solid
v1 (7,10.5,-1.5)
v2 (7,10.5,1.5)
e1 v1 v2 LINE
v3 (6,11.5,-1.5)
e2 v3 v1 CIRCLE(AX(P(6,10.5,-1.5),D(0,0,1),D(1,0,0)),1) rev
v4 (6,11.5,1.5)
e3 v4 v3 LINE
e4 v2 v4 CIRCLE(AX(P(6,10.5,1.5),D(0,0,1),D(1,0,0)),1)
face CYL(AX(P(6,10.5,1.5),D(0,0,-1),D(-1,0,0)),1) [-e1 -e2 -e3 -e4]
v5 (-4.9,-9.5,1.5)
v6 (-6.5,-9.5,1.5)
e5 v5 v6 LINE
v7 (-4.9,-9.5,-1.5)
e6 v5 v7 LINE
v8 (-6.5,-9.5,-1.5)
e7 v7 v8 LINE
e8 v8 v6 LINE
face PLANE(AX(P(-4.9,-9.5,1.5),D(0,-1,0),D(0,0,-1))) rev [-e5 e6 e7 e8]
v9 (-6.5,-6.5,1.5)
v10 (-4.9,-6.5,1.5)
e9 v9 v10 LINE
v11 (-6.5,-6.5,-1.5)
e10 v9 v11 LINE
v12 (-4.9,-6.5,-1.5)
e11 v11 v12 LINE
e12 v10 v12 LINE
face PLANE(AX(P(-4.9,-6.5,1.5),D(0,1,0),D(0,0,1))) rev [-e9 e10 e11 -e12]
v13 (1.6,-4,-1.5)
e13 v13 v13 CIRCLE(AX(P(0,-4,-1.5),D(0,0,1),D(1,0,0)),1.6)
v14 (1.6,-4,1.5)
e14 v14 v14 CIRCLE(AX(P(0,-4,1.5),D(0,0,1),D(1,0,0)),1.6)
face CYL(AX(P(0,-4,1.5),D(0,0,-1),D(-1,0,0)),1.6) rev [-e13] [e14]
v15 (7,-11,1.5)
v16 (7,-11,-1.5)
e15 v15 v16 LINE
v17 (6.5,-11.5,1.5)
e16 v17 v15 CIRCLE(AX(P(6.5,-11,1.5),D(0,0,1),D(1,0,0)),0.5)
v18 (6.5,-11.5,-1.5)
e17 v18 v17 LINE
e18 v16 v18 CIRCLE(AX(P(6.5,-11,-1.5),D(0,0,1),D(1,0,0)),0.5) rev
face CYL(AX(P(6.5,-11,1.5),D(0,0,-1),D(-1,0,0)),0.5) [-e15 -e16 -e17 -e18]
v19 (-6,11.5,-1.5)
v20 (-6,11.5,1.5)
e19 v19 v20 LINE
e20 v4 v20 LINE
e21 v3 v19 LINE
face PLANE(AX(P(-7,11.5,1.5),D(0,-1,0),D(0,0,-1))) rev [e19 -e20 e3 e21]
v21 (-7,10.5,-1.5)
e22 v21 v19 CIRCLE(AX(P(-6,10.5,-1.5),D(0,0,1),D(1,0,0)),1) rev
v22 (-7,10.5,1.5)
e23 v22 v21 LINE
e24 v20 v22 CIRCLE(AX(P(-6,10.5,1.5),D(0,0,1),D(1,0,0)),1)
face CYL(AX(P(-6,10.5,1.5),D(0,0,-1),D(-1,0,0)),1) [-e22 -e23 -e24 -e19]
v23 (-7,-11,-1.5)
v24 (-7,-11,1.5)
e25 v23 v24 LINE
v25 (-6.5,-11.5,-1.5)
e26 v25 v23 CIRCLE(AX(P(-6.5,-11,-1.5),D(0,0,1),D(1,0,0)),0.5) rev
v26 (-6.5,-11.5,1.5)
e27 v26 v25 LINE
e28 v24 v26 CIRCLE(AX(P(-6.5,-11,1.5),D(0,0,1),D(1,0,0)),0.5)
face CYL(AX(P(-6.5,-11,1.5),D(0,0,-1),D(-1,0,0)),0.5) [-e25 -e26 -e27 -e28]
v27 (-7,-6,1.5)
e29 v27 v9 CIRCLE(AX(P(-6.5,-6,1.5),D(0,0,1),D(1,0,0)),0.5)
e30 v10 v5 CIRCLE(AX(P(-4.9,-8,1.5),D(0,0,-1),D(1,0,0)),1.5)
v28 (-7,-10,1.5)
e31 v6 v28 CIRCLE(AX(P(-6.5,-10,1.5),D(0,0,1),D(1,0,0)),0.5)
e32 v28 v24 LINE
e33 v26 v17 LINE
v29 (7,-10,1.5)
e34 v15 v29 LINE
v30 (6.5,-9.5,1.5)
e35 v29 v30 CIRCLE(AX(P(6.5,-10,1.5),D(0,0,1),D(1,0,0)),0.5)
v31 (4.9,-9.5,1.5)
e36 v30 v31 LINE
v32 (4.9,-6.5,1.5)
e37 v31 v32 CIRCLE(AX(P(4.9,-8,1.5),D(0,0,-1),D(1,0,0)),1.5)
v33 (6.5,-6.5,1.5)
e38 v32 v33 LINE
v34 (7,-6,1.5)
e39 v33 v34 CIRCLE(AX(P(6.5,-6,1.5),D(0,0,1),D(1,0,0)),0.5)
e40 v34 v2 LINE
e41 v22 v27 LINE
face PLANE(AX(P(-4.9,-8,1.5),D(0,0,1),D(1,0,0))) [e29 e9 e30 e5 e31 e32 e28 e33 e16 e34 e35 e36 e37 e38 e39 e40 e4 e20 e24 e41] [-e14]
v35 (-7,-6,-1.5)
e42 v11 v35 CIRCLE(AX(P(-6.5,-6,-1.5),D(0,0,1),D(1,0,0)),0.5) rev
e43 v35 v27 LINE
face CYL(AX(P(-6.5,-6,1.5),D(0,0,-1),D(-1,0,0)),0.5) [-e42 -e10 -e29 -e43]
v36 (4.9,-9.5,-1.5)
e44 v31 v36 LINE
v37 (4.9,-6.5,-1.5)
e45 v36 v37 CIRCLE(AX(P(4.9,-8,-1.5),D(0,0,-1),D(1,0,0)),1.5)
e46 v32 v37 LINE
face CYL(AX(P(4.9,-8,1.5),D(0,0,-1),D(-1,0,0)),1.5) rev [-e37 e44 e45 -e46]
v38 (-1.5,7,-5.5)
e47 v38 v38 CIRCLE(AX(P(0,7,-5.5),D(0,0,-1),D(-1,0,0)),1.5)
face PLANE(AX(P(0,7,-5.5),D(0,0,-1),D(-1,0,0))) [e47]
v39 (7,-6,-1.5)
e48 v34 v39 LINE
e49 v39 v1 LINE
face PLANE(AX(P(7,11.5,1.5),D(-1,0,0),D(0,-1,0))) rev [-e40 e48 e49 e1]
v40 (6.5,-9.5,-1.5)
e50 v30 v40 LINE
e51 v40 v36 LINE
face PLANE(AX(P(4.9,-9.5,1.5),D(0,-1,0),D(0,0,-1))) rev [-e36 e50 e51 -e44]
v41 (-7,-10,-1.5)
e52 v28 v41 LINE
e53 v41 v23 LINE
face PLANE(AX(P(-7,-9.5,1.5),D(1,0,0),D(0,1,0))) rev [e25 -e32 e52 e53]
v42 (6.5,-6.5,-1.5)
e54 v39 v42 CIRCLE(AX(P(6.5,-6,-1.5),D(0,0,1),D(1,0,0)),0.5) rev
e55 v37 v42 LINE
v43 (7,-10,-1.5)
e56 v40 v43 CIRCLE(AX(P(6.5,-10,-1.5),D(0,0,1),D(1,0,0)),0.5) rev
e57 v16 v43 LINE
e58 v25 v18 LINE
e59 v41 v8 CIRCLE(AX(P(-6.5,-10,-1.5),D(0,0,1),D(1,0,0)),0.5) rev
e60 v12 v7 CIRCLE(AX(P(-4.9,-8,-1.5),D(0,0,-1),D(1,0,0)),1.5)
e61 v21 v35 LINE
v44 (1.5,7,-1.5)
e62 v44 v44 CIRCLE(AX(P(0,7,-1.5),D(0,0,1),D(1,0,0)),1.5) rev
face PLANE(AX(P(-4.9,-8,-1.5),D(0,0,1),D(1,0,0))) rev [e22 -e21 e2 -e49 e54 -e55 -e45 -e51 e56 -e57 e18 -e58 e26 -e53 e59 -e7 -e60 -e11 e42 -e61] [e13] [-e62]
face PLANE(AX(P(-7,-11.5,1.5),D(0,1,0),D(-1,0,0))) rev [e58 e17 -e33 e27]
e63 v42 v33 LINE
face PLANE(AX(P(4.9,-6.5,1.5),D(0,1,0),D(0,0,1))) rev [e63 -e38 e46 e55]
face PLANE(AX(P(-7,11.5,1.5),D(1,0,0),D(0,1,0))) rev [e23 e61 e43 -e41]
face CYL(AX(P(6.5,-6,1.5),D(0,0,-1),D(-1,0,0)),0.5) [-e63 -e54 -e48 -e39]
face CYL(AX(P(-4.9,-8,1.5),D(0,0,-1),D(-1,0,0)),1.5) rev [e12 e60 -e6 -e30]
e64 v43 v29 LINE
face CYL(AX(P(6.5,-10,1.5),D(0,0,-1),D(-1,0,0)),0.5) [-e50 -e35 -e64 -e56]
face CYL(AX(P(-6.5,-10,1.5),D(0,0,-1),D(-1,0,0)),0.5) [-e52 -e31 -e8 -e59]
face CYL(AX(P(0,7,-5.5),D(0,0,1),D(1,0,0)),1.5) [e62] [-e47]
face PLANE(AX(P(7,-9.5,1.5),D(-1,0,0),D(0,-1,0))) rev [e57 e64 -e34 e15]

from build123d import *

# Parameters (mm, degrees)
CROQUIS1_R              = 1.6
SALIENTE_EXTRUIR1_DEPTH = 1.5
REDONDEO1_R             = 1
REDONDEO2_R             = 0.5
CROQUIS2_R              = 1.5
SALIENTE_EXTRUIR2_DEPTH = 4


with BuildPart() as part:
    # Croquis1 → Saliente-Extruir1 (new, symmetric)
    with BuildSketch(Plane.XY):
        with BuildLine():
            Line((3, 11.5), (7, 11.5))
            Line((7, 11.5), (7, -6.5))
            Line((7, -6.5), (4.9, -6.5))
            ThreePointArc((4.9, -6.5), (3.4, -8), (4.9, -9.5))
            Line((4.9, -9.5), (7, -9.5))
            Line((7, -9.5), (7, -11.5))
            Line((7, -11.5), (-7, -11.5))
            Line((-7, -11.5), (-7, -9.5))
            Line((-7, -9.5), (-4.9, -9.5))
            ThreePointArc((-4.9, -9.5), (-3.4, -8), (-4.9, -6.5))
            Line((-4.9, -6.5), (-7, -6.5))
            Line((-7, -6.5), (-7, 11.5))
            Line((-7, 11.5), (-3, 11.5))
            Line((-3, 11.5), (3, 11.5))
        make_face()
        with Locations((0, -4)):
            Circle(CROQUIS1_R, mode=Mode.SUBTRACT)
    extrude(amount=SALIENTE_EXTRUIR1_DEPTH, both=True)

    # Redondeo1
    redondeo1_edges = [part.edges().sort_by_distance(p)[0] for p in [
        (-7, 11.5, 0),
        (7, 11.5, 0),
    ]]
    fillet(redondeo1_edges, radius=REDONDEO1_R)

    # Redondeo2
    redondeo2_edges = [part.edges().sort_by_distance(p)[0] for p in [
        (7, -11.5, 0),
        (-7, -11.5, 0),
        (-7, -9.5, 0),
        (-7, -6.5, 0),
        (7, -6.5, 0),
        (7, -9.5, 0),
    ]]
    fillet(redondeo2_edges, radius=REDONDEO2_R)

    # Croquis2 → Saliente-Extruir2 (add)
    with BuildSketch(Plane(origin=(0, 0, -1.5), x_dir=(-1, 0, 0), z_dir=(0, 0, -1))):
        with Locations(Location((0, 7, 0), (0, 0, 180))):
            Circle(CROQUIS2_R)
    extrude(amount=SALIENTE_EXTRUIR2_DEPTH)


solid = part.part
